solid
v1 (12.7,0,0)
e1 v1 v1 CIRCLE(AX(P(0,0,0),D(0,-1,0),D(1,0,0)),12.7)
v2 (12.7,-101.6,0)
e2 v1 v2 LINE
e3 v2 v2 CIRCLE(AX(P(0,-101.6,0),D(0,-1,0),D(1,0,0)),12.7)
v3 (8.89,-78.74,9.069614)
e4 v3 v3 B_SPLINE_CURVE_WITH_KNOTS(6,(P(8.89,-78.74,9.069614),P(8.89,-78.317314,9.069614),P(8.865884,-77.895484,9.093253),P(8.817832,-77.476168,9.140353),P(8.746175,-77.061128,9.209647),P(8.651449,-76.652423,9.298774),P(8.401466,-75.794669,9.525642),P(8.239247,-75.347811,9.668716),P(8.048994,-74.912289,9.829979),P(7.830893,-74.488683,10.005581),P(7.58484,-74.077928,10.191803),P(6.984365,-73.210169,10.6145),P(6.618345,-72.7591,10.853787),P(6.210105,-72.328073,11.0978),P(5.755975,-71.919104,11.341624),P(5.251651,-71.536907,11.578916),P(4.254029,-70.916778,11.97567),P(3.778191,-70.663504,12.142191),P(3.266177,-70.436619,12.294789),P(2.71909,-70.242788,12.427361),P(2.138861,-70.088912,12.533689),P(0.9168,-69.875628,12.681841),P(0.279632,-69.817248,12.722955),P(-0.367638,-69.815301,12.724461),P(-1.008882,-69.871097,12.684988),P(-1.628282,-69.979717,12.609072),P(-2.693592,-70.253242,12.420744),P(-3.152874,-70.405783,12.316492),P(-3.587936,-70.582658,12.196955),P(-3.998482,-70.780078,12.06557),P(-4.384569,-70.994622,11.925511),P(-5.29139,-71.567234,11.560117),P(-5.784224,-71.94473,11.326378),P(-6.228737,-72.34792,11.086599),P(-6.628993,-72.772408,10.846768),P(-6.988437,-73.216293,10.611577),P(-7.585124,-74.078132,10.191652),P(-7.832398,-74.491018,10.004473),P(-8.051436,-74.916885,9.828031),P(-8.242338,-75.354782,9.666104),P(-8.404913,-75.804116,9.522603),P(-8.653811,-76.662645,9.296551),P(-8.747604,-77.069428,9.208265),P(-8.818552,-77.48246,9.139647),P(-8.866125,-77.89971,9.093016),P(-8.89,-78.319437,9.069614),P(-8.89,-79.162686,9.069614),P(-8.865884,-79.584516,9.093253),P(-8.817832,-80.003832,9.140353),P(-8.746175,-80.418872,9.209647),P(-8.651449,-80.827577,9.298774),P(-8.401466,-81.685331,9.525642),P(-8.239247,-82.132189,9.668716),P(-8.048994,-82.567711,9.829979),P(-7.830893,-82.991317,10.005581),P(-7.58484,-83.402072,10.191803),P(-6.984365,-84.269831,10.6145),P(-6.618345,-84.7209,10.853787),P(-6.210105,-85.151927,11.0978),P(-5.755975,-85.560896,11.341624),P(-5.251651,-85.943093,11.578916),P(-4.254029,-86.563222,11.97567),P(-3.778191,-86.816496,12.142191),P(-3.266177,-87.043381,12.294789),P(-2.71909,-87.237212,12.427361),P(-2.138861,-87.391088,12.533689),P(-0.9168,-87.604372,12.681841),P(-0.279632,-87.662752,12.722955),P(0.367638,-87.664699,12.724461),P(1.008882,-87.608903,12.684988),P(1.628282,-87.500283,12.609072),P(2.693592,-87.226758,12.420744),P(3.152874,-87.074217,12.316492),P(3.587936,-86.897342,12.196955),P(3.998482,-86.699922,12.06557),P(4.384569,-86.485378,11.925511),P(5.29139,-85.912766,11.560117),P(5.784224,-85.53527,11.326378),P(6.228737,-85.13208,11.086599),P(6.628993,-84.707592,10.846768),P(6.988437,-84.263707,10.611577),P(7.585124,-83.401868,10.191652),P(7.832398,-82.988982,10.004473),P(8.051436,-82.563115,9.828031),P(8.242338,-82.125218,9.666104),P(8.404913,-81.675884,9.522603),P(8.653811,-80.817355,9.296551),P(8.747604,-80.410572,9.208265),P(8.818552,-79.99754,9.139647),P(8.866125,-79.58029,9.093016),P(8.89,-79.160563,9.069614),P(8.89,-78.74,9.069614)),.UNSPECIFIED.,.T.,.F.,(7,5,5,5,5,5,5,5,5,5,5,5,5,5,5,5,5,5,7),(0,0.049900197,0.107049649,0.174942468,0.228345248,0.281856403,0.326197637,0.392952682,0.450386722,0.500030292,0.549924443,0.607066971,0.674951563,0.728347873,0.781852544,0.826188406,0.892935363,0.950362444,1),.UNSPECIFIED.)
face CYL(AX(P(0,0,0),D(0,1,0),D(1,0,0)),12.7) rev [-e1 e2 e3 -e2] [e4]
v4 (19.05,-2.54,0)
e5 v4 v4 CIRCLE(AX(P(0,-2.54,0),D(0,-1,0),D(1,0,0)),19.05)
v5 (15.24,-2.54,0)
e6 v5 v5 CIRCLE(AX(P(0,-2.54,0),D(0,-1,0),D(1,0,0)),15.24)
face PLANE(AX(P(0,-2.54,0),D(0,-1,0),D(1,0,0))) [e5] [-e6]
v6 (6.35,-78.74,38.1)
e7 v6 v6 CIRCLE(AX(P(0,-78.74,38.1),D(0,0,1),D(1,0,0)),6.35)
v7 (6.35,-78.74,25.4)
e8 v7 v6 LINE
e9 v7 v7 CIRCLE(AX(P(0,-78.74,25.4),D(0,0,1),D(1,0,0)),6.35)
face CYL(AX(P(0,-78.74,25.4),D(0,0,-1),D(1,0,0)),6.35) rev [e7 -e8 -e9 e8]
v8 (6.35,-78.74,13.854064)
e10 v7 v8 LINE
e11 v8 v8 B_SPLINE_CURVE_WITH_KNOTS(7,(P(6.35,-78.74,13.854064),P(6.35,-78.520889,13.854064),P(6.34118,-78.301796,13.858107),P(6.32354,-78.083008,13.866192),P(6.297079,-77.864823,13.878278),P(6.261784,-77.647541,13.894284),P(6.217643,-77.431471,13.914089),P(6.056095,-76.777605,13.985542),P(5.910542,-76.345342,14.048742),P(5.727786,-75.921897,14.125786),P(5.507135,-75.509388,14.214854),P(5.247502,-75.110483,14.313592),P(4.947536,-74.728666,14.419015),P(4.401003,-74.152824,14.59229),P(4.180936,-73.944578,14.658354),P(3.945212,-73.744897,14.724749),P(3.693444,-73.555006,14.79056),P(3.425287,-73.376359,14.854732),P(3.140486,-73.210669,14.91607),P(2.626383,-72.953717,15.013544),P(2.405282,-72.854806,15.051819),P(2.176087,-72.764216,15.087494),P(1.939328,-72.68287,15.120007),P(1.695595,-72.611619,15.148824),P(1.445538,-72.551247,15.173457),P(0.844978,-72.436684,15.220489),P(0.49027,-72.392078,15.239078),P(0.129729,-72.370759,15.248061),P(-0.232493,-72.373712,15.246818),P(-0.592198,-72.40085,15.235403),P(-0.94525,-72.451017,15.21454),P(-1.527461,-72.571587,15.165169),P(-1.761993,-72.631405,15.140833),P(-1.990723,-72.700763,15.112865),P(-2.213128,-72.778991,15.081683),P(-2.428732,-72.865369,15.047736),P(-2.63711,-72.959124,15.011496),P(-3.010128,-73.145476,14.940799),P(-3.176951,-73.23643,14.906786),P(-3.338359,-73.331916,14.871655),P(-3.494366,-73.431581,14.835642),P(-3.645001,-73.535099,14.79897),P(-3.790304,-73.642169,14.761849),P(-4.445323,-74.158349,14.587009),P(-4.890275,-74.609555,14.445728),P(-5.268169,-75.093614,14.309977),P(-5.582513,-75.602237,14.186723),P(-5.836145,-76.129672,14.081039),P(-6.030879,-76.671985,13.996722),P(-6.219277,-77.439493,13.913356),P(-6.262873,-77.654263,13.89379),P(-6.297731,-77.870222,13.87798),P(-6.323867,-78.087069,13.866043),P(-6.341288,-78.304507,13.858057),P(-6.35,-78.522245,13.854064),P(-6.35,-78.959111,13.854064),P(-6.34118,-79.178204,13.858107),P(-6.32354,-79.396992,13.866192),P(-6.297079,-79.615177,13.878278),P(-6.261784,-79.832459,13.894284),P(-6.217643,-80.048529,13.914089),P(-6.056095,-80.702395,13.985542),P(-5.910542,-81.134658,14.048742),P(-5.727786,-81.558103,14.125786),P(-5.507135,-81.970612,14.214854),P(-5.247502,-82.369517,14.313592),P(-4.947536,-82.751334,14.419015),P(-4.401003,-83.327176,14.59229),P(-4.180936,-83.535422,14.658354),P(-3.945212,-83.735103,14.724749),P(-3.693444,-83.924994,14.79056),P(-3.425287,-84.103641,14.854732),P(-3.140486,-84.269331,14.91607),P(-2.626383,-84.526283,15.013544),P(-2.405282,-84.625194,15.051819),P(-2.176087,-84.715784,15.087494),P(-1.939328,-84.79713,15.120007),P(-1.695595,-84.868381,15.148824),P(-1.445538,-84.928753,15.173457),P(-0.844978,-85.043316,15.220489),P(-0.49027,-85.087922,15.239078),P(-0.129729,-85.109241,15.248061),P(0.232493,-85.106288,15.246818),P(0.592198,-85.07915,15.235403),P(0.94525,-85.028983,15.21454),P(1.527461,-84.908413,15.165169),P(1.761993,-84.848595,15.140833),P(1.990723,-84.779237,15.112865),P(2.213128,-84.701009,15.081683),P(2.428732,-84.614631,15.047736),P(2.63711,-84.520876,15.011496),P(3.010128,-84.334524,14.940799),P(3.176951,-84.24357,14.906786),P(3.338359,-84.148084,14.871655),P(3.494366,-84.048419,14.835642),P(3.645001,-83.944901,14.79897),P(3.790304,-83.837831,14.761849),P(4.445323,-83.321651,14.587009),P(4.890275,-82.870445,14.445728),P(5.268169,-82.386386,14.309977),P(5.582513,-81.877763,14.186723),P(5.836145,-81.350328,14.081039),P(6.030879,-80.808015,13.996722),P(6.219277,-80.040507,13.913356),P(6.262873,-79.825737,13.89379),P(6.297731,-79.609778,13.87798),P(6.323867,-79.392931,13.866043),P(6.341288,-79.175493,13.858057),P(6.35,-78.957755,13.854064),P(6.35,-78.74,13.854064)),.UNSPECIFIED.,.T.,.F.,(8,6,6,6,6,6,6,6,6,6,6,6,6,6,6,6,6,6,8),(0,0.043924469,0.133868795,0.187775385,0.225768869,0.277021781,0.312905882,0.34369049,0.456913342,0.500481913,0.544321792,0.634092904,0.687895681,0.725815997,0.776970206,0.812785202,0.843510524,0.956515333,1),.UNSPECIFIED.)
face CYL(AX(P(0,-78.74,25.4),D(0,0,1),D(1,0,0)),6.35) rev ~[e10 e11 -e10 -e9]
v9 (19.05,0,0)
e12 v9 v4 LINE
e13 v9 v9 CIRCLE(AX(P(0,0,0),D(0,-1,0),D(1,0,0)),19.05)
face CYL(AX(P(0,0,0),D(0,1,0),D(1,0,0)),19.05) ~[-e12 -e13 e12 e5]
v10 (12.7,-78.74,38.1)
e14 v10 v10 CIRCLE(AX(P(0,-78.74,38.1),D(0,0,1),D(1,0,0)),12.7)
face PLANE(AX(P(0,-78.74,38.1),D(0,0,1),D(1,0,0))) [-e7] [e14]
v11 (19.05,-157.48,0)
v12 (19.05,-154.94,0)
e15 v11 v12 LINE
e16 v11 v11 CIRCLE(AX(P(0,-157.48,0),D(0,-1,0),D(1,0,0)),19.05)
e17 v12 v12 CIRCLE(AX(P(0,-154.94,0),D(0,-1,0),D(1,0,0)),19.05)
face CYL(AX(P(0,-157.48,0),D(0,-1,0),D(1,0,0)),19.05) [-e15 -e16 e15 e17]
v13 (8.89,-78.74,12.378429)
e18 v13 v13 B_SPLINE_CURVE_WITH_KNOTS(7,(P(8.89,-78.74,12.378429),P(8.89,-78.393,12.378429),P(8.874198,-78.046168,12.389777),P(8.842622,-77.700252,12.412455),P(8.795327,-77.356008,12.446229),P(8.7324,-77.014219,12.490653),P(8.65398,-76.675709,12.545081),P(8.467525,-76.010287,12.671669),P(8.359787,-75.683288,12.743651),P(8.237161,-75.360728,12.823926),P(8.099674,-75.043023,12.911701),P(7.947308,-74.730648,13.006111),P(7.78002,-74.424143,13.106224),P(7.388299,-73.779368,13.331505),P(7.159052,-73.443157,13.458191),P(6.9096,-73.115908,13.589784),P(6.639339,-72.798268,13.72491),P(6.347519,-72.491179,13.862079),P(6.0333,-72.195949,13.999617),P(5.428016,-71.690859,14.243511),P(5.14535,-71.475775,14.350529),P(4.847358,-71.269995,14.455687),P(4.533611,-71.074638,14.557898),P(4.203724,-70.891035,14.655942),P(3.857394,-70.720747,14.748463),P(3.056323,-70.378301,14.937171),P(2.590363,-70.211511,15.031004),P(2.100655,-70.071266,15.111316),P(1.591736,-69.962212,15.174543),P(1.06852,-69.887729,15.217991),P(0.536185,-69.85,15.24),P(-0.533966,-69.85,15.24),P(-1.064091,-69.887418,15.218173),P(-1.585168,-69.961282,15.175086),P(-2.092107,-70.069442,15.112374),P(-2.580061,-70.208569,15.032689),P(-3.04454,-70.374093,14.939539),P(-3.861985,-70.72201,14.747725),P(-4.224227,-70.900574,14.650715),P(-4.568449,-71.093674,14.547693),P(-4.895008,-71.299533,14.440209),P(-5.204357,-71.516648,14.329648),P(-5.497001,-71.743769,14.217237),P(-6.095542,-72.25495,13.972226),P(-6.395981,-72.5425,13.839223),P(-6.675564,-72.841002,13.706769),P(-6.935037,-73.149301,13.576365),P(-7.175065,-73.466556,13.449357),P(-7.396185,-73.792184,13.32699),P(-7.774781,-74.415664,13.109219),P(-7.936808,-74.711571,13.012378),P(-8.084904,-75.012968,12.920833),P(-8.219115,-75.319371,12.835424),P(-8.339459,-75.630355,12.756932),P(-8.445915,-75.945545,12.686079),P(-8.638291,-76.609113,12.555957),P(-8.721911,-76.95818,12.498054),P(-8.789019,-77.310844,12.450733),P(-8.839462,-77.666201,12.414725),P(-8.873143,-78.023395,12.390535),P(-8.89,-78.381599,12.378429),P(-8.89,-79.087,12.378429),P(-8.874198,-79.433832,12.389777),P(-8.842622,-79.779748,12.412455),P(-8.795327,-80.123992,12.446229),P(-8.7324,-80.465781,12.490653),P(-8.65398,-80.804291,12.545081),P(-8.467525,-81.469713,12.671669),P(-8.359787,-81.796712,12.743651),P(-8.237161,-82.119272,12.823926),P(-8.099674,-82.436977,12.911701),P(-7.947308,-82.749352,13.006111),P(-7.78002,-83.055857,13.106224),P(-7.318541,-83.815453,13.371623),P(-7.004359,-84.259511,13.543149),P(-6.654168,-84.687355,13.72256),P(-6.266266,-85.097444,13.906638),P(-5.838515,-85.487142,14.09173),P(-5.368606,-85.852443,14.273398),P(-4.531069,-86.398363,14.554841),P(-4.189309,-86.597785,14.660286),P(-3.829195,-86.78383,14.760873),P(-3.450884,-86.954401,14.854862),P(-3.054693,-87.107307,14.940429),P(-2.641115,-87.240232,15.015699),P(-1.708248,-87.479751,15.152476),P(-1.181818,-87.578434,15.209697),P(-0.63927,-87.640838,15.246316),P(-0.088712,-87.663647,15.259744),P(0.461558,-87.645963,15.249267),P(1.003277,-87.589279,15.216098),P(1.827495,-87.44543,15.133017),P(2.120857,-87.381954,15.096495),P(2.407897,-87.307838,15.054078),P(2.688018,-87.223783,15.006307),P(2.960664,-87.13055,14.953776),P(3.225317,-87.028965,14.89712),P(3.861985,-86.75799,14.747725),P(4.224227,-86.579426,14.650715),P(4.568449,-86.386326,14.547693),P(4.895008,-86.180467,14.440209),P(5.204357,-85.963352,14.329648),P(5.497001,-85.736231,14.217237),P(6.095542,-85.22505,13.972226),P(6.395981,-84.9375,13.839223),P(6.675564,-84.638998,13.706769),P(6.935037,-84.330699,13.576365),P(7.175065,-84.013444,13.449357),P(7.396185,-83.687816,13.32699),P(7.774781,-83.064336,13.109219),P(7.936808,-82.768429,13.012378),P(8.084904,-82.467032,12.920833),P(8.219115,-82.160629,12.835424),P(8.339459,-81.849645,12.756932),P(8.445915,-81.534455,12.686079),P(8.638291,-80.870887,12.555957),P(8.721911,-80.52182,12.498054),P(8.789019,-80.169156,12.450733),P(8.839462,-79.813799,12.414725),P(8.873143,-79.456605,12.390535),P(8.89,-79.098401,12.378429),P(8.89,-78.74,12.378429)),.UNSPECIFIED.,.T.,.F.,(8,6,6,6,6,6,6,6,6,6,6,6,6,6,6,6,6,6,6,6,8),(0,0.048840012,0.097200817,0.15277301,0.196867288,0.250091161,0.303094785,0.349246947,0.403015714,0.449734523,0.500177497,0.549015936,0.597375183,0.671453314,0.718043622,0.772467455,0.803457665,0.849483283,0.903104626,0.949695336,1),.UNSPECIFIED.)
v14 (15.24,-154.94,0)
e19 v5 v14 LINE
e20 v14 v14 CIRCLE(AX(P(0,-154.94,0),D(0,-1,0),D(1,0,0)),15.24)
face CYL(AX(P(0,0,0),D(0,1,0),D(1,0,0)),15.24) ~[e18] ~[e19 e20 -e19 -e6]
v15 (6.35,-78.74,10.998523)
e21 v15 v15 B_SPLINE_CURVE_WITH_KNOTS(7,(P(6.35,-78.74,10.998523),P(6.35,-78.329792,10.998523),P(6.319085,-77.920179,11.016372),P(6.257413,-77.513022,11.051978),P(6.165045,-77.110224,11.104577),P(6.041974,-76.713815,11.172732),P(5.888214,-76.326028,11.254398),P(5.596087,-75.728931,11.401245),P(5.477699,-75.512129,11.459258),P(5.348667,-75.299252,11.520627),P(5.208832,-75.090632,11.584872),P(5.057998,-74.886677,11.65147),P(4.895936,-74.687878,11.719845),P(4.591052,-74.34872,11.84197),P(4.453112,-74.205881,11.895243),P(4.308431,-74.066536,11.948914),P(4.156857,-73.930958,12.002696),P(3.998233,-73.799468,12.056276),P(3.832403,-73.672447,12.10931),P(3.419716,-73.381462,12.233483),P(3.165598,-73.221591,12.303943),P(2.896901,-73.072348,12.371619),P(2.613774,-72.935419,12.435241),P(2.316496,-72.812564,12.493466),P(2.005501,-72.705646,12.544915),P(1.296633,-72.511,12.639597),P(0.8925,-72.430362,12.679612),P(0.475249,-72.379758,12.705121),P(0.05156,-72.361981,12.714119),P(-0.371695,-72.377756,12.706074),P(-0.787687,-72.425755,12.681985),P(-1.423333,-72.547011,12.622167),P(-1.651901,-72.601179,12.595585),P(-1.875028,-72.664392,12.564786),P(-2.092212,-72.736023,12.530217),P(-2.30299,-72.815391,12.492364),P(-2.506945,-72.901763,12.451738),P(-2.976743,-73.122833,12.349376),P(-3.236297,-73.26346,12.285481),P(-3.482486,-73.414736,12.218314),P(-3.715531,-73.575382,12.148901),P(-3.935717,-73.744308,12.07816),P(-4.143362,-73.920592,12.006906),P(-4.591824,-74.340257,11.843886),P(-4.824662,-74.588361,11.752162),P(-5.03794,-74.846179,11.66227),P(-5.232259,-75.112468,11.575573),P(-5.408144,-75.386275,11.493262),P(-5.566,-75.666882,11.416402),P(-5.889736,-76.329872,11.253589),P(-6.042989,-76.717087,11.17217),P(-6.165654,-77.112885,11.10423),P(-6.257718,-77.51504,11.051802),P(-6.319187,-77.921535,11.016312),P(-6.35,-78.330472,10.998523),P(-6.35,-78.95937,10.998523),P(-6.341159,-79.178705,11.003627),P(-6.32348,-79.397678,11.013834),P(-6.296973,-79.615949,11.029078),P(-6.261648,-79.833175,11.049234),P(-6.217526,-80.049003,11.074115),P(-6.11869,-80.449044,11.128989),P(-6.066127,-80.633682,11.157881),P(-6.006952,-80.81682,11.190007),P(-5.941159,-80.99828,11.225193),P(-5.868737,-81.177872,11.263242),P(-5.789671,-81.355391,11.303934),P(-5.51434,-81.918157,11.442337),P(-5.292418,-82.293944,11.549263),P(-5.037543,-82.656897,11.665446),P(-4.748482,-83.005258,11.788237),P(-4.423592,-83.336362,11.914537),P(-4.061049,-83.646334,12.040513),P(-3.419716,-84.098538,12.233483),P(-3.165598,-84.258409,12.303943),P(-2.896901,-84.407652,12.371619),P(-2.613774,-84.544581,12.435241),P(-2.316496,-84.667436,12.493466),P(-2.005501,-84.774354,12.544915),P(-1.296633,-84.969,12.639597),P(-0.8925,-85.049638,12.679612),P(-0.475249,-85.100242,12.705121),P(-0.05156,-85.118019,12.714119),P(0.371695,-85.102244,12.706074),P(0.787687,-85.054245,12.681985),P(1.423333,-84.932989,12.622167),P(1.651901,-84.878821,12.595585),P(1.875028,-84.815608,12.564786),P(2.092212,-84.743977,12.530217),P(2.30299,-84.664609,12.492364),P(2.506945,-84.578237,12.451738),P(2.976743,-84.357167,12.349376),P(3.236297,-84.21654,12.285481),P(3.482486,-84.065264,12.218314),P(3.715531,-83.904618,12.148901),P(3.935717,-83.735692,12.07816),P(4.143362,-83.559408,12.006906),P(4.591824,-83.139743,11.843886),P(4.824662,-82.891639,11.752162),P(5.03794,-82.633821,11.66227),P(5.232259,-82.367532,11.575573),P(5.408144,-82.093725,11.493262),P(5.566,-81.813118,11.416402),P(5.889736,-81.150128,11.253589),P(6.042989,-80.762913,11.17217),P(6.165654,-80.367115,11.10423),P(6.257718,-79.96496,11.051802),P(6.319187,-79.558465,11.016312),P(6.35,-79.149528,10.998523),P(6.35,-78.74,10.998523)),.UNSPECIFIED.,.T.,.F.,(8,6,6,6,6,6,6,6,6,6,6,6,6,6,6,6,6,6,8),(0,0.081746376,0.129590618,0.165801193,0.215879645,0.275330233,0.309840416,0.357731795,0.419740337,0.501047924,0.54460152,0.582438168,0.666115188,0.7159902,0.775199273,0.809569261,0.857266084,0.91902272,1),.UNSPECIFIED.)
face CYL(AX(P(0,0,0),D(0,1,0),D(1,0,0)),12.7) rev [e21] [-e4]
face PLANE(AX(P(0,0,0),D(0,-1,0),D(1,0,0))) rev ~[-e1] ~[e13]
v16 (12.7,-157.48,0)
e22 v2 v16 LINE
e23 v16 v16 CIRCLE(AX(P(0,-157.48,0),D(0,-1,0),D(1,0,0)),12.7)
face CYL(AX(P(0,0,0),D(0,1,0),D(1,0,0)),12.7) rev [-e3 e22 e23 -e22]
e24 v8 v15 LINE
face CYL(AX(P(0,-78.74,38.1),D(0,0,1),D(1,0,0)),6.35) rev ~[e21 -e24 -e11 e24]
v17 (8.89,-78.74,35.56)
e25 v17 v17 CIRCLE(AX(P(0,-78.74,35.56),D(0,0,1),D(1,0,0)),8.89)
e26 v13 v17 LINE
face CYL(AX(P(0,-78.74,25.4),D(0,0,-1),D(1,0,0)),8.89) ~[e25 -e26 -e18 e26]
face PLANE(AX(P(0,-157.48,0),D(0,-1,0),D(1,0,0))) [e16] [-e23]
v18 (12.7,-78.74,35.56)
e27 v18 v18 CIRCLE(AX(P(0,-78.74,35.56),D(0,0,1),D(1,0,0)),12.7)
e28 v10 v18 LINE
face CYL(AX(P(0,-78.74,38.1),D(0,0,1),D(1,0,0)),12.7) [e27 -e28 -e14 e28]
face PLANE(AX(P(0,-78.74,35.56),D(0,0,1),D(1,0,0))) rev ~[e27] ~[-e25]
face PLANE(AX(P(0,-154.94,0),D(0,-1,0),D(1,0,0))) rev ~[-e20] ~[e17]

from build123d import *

# Parameters (mm, degrees)
F0_R          = 15.24
F0_R_2        = 12.7
F1_DEPTH      = 157.48
F0_R_3        = 19.05
F2_DEPTH      = 2.54
F3_R          = 19.05
F3_R_2        = 15.24
F4_DEPTH      = 2.54
F6_R          = 8.89
F6_R_2        = 6.35
F7_DEPTH      = 25.4
F7_DEPTH_BACK = 12.7
F8_R          = 12.7
F8_R_2        = 8.89
F9_DEPTH      = 2.54
F10_DEPTH     = 101.6
F8_R_3        = 6.35
F11_DEPTH     = 38.1


with BuildPart() as f1:
    # F0 (on Front) → F1 (new body)
    with BuildSketch(Plane.XZ):
        Circle(F0_R)
        Circle(F0_R_2, mode=Mode.SUBTRACT)
    extrude(amount=F1_DEPTH)

    # F0 (on Front) → F2 (join)
    with BuildSketch(Plane.XZ):
        Circle(F0_R_3)
        Circle(F0_R, mode=Mode.SUBTRACT)
    extrude(amount=F2_DEPTH)

    # F3 (on face) → F4 (join)
    with BuildSketch(Plane.XZ.offset(157.48)):
        Circle(F3_R)
        Circle(F3_R_2, mode=Mode.SUBTRACT)
    extrude(amount=-F4_DEPTH)

    # F6 (on offset) → F7 (join, two sides)
    with BuildSketch(Plane.XY.offset(25.4)) as f7_sk:
        with Locations((0, -78.74)):
            Circle(F6_R)
        with Locations((0, -78.74)):
            Circle(F6_R_2, mode=Mode.SUBTRACT)
    extrude(amount=-F7_DEPTH)
    extrude(f7_sk.sketch, amount=F7_DEPTH_BACK)

    # F8 (on face) → F9 (join)
    with BuildSketch(Plane.XY.offset(38.1)):
        with Locations((0, -78.74)):
            Circle(F8_R)
        with Locations((0, -78.74)):
            Circle(F8_R_2, mode=Mode.SUBTRACT)
    extrude(amount=-F9_DEPTH)

    # F0 (on Front) → F10 (cut)
    with BuildSketch(Plane.XZ):
        Circle(F0_R_2)
    extrude(amount=F10_DEPTH, mode=Mode.SUBTRACT)

    # F8 (on face) → F11 (cut)
    with BuildSketch(Plane.XY.offset(38.1)):
        with Locations((0, -78.74)):
            Circle(F8_R_3)
    extrude(amount=-F11_DEPTH, mode=Mode.SUBTRACT)


solid = f1.part
